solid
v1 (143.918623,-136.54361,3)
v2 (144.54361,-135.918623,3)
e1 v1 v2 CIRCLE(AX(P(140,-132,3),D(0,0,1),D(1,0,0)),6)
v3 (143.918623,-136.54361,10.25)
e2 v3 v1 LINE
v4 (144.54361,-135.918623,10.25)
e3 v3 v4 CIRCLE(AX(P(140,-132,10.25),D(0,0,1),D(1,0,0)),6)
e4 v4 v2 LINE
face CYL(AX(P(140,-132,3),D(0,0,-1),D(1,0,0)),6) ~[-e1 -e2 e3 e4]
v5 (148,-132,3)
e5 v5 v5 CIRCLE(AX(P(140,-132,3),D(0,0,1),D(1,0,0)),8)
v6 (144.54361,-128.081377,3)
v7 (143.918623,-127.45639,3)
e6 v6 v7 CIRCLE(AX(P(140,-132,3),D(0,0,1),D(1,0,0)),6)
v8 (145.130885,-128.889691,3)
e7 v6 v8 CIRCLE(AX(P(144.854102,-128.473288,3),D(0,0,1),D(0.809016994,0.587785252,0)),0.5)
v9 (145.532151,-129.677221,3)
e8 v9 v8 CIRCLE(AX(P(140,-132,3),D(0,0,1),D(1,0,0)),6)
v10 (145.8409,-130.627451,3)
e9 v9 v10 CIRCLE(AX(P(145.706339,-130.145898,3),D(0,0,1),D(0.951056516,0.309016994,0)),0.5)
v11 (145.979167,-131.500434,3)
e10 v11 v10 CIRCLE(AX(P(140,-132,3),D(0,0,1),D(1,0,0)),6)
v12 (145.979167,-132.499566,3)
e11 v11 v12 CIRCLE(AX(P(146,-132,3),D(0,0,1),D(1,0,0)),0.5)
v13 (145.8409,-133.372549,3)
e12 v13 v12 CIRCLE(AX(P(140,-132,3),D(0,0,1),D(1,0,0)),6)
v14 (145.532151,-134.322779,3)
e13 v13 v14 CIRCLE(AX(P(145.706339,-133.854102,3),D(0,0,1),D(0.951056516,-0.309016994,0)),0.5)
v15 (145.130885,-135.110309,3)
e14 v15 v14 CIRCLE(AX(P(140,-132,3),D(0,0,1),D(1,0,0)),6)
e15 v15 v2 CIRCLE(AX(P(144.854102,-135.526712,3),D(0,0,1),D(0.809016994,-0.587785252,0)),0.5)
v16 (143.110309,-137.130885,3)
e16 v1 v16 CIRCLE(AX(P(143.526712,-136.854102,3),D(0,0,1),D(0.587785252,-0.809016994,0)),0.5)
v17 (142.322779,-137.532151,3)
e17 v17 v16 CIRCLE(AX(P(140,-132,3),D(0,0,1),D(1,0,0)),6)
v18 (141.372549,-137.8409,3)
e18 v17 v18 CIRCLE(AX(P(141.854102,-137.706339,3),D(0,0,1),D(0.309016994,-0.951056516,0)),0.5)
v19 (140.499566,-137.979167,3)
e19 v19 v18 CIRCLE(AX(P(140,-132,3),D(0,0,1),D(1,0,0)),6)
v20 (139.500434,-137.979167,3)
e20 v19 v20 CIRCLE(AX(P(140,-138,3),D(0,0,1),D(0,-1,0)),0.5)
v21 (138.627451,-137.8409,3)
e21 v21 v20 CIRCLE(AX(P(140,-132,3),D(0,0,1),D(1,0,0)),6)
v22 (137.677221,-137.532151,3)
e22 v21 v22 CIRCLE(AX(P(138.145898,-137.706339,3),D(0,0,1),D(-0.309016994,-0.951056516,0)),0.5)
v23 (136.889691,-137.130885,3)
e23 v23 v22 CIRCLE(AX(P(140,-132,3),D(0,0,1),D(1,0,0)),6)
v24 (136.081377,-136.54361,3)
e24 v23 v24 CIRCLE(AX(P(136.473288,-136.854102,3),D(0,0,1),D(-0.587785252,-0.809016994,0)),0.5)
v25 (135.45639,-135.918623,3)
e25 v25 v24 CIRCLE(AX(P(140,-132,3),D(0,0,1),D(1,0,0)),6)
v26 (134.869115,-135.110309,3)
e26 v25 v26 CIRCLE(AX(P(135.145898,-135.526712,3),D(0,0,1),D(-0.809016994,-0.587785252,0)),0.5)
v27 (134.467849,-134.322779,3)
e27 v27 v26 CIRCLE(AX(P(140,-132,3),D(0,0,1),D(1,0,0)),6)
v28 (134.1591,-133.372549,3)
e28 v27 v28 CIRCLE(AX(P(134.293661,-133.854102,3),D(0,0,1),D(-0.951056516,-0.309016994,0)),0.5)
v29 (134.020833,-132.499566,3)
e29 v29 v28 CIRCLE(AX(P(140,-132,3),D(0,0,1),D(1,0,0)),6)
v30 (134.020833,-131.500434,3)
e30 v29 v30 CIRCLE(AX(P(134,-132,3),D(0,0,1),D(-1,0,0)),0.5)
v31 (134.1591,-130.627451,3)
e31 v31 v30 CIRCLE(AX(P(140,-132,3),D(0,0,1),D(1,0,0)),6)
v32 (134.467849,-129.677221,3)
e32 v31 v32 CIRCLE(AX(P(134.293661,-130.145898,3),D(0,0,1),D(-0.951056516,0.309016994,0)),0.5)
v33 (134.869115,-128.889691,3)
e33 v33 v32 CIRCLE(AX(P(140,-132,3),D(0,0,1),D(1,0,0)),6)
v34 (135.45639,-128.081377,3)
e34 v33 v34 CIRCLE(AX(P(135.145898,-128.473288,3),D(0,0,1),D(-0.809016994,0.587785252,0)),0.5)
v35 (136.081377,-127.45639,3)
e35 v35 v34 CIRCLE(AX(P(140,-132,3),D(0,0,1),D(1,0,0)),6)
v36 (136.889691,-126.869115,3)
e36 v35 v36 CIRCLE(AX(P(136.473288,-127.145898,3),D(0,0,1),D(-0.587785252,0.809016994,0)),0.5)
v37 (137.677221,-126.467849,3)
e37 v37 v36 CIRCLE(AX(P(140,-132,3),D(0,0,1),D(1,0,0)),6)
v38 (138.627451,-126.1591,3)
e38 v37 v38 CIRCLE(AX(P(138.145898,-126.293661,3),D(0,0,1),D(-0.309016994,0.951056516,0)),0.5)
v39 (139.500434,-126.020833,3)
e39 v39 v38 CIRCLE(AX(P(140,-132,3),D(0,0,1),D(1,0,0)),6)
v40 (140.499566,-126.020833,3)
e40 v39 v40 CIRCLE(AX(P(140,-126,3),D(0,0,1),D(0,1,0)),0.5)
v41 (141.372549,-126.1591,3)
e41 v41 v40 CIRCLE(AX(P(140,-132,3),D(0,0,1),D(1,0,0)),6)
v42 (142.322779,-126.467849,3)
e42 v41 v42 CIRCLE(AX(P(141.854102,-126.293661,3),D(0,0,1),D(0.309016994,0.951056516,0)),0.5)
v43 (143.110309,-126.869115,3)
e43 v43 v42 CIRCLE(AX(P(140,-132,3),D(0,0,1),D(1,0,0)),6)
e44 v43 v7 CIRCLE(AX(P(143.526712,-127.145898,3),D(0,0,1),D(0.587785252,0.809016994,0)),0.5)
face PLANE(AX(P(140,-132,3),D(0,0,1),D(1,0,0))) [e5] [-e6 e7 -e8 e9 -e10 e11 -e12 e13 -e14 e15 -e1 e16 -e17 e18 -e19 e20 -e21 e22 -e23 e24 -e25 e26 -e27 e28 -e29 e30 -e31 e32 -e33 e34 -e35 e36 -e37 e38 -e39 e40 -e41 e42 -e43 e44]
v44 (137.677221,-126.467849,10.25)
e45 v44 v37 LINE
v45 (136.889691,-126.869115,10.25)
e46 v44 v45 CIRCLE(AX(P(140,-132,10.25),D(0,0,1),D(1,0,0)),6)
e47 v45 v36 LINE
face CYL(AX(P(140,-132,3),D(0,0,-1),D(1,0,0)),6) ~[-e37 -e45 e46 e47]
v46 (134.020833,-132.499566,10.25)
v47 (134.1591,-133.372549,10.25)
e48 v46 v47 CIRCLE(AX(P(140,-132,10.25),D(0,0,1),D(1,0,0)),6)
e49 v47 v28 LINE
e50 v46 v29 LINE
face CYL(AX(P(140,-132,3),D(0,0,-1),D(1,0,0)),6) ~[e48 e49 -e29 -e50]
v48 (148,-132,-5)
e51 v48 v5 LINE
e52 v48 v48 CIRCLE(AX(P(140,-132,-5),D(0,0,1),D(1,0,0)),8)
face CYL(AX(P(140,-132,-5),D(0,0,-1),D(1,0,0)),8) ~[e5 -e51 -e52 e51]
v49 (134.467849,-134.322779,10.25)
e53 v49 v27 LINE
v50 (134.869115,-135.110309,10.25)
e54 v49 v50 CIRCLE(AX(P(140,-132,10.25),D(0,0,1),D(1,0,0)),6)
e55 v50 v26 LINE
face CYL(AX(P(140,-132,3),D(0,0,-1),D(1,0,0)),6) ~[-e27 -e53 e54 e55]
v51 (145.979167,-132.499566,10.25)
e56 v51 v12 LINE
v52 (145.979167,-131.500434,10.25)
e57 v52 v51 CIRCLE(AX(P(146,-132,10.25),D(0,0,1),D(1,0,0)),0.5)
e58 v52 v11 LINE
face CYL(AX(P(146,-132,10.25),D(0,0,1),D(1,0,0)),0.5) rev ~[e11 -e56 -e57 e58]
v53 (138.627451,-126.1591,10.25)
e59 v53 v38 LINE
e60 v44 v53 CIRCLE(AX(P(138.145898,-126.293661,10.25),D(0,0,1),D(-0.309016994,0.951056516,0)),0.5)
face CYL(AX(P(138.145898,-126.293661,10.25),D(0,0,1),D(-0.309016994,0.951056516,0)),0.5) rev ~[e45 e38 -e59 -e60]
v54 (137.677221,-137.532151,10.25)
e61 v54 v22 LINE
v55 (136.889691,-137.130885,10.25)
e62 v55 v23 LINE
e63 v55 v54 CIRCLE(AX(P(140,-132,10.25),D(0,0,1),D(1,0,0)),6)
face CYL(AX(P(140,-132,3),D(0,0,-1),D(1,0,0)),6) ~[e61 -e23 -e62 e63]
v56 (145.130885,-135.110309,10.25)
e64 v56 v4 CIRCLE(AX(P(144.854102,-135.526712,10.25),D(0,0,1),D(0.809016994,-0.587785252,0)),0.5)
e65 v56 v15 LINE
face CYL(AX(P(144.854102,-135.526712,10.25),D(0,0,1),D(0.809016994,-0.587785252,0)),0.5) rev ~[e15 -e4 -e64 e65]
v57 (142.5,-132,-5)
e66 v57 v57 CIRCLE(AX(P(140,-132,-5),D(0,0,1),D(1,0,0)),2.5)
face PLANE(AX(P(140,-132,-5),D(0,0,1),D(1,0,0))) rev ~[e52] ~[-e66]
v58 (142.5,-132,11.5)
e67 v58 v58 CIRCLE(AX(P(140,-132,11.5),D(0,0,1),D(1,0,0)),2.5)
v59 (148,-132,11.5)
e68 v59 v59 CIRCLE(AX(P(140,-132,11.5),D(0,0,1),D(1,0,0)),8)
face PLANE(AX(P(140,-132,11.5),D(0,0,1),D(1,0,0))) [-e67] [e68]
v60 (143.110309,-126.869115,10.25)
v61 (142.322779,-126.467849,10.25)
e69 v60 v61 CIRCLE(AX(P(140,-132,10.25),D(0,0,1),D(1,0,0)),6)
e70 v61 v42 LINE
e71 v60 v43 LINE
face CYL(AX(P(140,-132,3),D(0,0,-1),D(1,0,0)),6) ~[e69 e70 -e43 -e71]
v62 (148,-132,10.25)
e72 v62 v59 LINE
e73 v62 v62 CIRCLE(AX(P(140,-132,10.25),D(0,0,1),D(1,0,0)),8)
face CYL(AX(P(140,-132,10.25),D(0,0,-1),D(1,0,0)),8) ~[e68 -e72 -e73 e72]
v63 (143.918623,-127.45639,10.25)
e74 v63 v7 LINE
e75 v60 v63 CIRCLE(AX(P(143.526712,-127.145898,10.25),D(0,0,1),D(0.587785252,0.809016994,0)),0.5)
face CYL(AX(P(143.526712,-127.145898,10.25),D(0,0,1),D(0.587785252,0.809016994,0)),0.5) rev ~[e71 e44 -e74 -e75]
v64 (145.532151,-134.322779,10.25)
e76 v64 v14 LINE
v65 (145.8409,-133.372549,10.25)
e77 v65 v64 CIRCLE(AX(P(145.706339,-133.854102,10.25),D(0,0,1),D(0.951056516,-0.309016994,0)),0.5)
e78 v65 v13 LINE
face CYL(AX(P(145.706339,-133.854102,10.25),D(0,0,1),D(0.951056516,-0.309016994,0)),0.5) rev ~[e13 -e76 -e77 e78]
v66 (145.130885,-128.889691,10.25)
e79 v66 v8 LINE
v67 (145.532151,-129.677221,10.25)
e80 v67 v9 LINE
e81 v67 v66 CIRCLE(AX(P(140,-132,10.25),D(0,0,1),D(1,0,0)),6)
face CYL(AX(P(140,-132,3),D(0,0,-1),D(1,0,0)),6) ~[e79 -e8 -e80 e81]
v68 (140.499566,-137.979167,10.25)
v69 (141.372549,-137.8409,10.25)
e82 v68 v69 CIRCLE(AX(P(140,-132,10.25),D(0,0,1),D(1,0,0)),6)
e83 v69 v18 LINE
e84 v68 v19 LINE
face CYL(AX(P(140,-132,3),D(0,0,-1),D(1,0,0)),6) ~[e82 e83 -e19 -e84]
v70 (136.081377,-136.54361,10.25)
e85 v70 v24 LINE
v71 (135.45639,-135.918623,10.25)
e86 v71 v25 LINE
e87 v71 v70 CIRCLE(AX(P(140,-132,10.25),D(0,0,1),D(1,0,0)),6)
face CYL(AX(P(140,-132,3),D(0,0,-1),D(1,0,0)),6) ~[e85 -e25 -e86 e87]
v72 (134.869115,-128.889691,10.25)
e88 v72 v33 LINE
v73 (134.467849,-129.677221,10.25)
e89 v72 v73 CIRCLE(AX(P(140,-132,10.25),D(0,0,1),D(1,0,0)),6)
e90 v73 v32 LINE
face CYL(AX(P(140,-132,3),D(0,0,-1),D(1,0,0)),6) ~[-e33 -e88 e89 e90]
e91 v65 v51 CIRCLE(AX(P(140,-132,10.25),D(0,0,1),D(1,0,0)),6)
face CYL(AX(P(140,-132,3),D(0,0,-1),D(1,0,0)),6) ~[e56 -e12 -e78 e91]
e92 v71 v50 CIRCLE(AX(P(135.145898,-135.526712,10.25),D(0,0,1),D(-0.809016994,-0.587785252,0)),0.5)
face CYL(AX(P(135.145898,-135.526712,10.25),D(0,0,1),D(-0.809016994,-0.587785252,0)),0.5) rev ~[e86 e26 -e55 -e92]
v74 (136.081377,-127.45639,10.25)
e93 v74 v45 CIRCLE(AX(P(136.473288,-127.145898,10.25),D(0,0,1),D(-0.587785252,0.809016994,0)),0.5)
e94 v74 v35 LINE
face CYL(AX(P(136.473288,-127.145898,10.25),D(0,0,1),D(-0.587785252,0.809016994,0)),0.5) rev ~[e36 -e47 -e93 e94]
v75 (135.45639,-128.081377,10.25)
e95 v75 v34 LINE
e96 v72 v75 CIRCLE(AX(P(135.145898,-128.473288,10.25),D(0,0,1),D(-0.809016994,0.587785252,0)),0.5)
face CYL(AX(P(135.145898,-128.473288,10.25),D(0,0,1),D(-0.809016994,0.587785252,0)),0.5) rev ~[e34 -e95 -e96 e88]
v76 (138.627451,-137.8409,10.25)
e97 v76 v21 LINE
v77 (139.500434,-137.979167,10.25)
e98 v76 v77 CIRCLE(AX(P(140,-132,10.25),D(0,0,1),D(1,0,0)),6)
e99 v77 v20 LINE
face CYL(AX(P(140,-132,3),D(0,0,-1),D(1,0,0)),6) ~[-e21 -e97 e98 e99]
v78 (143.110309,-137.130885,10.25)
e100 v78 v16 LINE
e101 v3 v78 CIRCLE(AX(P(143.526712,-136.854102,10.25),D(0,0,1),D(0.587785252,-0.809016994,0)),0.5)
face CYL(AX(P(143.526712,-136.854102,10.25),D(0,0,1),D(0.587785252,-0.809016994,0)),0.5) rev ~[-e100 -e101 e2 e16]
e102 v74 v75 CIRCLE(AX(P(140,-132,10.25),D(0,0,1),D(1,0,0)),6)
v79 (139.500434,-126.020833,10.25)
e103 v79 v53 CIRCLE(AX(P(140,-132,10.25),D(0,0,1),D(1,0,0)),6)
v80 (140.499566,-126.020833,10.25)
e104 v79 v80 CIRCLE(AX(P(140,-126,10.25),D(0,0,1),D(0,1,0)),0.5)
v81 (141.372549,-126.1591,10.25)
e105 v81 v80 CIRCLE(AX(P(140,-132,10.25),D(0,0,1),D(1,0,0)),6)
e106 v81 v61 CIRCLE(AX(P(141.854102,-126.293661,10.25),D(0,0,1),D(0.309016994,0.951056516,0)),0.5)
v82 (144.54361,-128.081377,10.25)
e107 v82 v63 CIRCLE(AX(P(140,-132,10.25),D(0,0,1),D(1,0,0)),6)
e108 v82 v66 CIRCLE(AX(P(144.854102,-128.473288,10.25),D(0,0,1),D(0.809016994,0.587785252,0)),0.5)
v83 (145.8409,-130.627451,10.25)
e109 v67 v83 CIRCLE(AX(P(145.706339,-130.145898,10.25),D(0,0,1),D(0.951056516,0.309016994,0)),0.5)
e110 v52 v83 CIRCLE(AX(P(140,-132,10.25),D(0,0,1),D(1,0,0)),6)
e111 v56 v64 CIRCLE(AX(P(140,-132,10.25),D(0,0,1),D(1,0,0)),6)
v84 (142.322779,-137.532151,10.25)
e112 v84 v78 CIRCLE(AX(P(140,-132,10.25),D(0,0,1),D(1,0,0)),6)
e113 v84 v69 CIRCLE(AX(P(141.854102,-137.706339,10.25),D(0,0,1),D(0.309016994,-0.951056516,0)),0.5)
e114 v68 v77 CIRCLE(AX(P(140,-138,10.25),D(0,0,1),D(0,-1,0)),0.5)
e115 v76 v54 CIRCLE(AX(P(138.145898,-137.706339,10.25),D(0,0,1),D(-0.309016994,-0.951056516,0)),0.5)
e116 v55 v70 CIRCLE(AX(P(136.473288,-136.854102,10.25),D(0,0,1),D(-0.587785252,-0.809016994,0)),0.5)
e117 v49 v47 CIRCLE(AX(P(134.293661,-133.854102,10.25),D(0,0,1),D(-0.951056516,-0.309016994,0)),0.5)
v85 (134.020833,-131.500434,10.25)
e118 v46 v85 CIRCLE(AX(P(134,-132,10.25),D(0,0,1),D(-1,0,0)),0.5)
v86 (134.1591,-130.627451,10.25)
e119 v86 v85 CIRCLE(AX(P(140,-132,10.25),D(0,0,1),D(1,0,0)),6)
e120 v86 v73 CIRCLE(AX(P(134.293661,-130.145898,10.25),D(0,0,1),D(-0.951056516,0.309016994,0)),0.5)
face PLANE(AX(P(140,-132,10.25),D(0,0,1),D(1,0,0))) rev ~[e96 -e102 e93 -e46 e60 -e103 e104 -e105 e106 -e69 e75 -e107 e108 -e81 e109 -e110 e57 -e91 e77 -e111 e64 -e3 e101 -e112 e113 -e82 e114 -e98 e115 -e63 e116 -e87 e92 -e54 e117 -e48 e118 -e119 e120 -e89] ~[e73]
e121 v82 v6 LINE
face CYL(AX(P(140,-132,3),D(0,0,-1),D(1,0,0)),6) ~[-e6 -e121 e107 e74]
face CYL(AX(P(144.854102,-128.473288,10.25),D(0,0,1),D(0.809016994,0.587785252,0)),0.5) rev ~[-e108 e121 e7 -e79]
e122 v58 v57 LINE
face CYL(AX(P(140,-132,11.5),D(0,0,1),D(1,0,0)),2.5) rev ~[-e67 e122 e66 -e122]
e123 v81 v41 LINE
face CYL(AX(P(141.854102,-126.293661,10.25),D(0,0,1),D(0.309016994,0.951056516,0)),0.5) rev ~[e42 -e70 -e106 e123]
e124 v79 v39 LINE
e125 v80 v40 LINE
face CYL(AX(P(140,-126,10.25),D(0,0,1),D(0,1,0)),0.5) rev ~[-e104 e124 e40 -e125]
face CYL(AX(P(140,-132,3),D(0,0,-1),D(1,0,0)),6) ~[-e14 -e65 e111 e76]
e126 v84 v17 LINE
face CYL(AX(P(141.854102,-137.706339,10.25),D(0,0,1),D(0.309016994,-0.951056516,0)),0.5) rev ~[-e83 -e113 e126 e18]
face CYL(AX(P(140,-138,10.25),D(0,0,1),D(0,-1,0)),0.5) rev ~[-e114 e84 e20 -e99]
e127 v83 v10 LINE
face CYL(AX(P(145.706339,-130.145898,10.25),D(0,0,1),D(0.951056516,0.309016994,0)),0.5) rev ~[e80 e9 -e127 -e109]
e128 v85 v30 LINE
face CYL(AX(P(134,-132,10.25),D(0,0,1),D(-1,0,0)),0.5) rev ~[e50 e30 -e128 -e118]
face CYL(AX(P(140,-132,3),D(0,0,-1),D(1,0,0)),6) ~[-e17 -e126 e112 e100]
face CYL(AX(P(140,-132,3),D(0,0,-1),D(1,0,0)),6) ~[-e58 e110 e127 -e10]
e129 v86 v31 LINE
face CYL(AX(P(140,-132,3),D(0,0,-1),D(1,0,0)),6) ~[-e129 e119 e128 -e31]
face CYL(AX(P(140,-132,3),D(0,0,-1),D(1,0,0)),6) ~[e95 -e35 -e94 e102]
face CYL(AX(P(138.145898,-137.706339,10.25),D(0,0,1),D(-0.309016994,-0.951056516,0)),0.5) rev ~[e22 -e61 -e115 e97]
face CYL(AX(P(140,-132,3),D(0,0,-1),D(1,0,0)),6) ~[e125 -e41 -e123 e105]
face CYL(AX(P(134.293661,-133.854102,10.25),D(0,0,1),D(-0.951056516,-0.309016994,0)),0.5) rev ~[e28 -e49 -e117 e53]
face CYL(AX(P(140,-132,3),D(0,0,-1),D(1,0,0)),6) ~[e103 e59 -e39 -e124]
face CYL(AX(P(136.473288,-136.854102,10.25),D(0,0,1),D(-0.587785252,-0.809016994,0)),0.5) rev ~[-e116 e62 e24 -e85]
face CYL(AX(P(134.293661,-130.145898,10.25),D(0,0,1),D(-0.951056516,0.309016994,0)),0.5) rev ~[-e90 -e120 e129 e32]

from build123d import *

# Parameters (mm, degrees)
SKETCH025_R              = 8
PAD014_DEPTH             = 8
SKETCH026_R              = 6
PAD015_DEPTH             = 7.25
SKETCH027_R              = 0.5
POCKET008_DEPTH          = 7.25
POLARPATTERN_COUNT       = 20
SKETCH028_R              = 8
PAD016_DEPTH             = 1.25
SKETCH029_R              = 2.5
POCKET009_DEPTH          = 16.5
CLONE010_PLACEMENT_ANGLE = 180


with BuildPart() as part:
    # Sketch025 → Pad014 (new body)
    with BuildSketch(Plane(origin=(20, -80, 0), x_dir=(1, 0, 0), z_dir=(0, 0, -1))):
        Circle(SKETCH025_R)
    extrude(amount=PAD014_DEPTH)

    # Sketch026 → Pad015 (new body)
    with BuildSketch(Plane(origin=(20, -80, -8), x_dir=(1, 0, 0), z_dir=(0, 0, -1))):
        Circle(SKETCH026_R)
    extrude(amount=PAD015_DEPTH)

    # Sketch027 → Pocket008 (cut)
    with BuildSketch(Plane(origin=(20, -80, -15.25), x_dir=(1, 0, 0), z_dir=(0, 0, -1))):
        with Locations((6, 0)):
            Circle(SKETCH027_R)
    pocket008 = extrude(amount=-POCKET008_DEPTH, mode=Mode.SUBTRACT)

    # PolarPattern: Pocket008 ×20 about axis
    polarpattern_axis = Axis((20, -80, -15.25), (0, 0, -1))
    for i in range(1, POLARPATTERN_COUNT):
        add(pocket008.rotate(polarpattern_axis, i * 360 / POLARPATTERN_COUNT), mode=Mode.SUBTRACT)

    # Sketch028 → Pad016 (new body)
    with BuildSketch(Plane(origin=(20, -80, -15.25), x_dir=(1, 0, 0), z_dir=(0, 0, -1))):
        Circle(SKETCH028_R)
    extrude(amount=PAD016_DEPTH)

    # Sketch029 → Pocket009 (cut)
    with BuildSketch(Plane(origin=(20, -80, -16.5), x_dir=(1, 0, 0), z_dir=(0, 0, -1))):
        Circle(SKETCH029_R)
    extrude(amount=-POCKET009_DEPTH, mode=Mode.SUBTRACT)


with BuildPart() as part_1:
    # Clone010 placement: moved
    add(part.part.moved(Location((120, -212, -5))).rotate(Axis((120, -212, -5), (-1, 0, 0)), CLONE010_PLACEMENT_ANGLE))


solid = part_1.part
